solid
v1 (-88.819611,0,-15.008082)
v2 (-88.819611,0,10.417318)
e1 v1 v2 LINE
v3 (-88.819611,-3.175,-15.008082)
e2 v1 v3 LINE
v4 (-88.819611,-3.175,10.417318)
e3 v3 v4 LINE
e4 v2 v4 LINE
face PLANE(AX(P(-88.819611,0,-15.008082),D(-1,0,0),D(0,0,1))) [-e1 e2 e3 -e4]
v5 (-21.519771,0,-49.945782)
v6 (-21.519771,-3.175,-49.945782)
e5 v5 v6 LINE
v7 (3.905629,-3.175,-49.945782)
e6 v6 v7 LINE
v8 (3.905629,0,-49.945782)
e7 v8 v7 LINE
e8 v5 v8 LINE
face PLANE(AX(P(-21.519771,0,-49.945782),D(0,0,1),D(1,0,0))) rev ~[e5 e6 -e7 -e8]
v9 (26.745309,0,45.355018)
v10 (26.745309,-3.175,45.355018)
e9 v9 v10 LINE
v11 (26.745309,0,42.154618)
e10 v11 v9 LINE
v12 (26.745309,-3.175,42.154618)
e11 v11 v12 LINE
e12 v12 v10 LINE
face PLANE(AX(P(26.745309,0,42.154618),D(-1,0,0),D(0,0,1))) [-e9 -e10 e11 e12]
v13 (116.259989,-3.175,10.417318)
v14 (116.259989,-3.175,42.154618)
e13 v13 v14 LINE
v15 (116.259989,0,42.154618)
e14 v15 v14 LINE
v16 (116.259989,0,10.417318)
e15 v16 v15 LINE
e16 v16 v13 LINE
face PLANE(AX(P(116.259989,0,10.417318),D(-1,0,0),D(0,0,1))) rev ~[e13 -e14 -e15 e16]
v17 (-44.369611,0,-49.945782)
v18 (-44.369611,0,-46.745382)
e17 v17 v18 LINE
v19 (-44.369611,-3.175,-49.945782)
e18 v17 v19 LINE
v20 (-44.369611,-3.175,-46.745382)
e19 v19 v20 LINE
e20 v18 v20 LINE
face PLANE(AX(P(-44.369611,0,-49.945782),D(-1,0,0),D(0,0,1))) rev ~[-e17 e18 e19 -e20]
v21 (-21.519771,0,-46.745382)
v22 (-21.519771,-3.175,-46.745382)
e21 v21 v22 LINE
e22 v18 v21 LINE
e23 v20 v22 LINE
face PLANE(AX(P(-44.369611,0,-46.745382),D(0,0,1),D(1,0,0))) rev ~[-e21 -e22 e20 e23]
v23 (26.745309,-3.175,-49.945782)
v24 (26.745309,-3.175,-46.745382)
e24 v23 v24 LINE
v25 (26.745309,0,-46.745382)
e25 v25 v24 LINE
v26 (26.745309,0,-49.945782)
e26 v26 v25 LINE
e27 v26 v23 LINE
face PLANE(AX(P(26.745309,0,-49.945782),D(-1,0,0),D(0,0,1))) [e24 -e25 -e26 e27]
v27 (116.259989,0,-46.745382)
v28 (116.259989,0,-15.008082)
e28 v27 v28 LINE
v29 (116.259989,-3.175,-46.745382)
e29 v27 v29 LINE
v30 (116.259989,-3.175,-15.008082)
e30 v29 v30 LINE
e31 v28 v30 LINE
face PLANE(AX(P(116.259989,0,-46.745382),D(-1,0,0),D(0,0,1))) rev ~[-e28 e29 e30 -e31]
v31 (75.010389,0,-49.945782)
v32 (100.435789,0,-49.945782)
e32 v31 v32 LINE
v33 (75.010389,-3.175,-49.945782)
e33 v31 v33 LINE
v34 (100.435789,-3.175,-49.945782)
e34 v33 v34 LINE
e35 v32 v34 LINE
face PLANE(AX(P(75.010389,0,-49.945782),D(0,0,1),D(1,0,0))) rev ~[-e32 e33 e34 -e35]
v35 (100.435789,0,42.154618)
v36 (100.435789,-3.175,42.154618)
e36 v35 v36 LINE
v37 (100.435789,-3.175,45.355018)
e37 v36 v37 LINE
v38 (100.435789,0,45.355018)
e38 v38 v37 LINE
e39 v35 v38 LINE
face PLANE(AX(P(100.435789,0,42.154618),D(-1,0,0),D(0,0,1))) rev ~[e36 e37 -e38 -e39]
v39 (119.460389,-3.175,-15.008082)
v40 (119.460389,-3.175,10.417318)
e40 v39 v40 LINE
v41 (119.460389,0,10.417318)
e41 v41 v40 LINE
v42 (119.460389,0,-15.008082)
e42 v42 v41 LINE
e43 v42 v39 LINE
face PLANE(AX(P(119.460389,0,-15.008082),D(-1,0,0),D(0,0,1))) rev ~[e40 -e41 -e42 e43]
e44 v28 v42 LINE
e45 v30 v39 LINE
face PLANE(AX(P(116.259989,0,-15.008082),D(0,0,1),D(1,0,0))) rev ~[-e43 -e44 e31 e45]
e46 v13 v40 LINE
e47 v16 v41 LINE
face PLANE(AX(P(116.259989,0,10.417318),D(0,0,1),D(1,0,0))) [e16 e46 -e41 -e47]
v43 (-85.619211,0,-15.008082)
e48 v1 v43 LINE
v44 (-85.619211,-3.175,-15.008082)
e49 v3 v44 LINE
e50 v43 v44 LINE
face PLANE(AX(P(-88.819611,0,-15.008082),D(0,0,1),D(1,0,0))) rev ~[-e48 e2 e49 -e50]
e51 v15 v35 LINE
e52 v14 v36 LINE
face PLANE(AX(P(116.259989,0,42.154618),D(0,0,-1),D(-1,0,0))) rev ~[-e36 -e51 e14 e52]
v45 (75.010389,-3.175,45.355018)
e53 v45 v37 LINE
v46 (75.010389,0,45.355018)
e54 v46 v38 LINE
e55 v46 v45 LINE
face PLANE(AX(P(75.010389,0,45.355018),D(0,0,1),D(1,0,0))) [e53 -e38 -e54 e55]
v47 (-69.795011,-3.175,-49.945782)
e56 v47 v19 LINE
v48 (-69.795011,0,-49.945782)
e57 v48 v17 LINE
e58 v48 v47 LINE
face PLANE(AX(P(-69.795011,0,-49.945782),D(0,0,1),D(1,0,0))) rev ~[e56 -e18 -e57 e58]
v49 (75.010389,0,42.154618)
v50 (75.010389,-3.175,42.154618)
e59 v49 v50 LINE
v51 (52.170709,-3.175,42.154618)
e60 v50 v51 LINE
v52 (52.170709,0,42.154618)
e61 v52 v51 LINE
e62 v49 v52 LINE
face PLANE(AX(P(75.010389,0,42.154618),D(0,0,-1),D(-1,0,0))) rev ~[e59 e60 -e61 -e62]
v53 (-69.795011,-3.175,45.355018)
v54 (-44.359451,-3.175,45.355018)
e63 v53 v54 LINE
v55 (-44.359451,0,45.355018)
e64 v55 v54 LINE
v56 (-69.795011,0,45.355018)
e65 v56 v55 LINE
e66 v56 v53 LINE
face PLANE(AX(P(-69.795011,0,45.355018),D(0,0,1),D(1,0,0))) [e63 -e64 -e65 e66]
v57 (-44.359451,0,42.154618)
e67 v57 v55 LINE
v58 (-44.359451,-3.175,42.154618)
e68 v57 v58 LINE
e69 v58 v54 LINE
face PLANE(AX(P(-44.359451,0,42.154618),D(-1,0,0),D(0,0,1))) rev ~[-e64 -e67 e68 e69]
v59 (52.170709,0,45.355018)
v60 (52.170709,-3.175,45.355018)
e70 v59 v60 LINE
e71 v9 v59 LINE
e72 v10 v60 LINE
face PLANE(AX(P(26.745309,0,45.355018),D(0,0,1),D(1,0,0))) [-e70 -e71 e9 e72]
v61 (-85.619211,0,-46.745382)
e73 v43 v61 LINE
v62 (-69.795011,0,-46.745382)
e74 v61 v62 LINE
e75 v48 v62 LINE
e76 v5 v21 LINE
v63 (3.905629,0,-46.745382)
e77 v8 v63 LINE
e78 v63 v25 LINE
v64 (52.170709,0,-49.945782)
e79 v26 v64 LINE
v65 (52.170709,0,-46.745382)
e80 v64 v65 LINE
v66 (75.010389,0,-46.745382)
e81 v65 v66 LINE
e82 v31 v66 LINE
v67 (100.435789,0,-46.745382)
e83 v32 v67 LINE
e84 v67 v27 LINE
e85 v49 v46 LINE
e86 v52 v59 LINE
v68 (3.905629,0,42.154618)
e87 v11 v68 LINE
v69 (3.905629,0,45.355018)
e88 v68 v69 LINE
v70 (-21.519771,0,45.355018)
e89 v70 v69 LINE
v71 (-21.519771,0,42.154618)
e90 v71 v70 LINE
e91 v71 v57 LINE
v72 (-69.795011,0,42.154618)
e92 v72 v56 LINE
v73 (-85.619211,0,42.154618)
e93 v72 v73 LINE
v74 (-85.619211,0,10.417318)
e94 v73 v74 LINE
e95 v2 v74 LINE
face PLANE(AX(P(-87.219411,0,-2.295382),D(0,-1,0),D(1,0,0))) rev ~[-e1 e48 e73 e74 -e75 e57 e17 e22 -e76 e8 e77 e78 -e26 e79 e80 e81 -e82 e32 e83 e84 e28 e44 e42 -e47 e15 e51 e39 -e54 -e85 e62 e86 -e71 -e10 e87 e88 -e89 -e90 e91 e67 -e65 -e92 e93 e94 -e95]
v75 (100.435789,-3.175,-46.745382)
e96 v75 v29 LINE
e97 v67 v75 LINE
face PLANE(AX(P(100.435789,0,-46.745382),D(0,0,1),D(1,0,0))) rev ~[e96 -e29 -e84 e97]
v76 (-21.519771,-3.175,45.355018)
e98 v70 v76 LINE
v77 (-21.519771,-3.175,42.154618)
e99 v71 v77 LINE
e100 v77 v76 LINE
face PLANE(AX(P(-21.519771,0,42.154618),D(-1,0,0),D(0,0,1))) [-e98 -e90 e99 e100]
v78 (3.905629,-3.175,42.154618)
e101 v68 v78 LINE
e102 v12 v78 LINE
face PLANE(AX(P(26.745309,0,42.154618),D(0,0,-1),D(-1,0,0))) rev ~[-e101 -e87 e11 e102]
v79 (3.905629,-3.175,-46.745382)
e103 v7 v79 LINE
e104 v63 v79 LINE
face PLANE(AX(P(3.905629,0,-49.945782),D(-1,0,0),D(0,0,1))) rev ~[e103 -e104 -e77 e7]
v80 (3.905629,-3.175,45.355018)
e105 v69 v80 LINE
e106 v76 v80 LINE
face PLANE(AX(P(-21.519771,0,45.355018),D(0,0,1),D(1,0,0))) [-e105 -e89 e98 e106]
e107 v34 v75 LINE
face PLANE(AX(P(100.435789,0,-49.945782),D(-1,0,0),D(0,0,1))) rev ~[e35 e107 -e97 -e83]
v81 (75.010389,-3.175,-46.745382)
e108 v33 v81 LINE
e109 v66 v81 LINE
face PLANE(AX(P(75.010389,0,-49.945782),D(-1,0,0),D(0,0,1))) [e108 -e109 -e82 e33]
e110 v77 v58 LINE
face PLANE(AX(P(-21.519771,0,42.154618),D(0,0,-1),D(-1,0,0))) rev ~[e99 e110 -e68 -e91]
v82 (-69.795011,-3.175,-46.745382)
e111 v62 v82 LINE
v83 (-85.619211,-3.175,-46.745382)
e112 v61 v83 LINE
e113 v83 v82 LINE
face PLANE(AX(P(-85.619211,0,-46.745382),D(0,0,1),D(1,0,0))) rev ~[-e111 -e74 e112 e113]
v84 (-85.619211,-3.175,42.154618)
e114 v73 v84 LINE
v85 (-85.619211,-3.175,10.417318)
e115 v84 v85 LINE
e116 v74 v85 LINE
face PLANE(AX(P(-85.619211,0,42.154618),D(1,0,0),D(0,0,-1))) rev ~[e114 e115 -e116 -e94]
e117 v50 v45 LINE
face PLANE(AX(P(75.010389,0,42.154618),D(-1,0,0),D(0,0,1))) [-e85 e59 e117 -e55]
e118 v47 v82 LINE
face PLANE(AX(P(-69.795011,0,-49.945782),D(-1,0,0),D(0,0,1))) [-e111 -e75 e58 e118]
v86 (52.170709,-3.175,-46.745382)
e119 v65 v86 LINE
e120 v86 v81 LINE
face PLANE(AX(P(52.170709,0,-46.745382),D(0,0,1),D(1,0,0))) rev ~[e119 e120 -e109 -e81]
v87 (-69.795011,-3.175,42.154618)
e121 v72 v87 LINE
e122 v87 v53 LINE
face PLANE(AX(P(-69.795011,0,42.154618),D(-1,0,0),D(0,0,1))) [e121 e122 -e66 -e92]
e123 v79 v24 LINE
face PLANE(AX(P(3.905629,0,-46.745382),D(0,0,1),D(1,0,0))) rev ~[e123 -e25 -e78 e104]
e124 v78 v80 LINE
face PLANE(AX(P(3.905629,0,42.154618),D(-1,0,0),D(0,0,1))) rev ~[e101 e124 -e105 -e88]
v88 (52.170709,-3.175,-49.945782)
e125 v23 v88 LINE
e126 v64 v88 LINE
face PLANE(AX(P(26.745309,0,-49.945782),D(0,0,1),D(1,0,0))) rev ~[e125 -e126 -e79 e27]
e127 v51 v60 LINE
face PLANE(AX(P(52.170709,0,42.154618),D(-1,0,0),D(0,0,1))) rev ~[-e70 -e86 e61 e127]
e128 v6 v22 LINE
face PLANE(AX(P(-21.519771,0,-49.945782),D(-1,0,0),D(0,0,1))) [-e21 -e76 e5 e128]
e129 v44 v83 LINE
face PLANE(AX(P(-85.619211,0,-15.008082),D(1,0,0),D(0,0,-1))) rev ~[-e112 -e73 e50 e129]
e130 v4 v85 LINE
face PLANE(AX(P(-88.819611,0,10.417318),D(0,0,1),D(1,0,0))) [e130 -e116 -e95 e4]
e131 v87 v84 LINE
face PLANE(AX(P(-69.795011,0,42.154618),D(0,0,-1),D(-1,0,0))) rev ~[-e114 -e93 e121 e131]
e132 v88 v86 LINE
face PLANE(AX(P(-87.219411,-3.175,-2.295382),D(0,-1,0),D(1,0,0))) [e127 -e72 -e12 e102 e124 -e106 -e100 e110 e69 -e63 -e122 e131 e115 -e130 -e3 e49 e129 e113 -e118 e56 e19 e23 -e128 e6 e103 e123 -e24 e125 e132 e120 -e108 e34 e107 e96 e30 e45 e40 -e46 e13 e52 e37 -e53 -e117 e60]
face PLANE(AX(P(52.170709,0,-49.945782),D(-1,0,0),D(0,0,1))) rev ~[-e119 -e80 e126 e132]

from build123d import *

# Parameters (mm, degrees)
F0_W     = 3.2004
F0_H     = 25.4254
F0_W_2   = 25.43556
F0_H_2   = 3.2004
F0_W_3   = 25.4254
F1_DEPTH = 3.175


with BuildPart() as f1:
    # F0 (on Front) → F1 (new body)
    with BuildSketch(Plane.XZ):
        with Locations((-87.219411, -2.295382)):
            Rectangle(F0_W, F0_H)
        with Locations((-57.077231, 43.754818)):
            Rectangle(F0_W_2, F0_H_2)
        Polygon((-69.795011, 42.154618), (-85.619211, 42.154618), (-85.619211, 10.417318), (-85.619211, -15.008082), (-85.619211, -46.745382), (-69.795011, -46.745382), (-44.369611, -46.745382), (-21.519771, -46.745382), (3.905629, -46.745382), (26.745309, -46.745382), (52.170709, -46.745382), (75.010389, -46.745382), (100.435789, -46.745382), (116.259989, -46.745382), (116.259989, -15.008082), (116.259989, 10.417318), (116.259989, 42.154618), (100.435789, 42.154618), (75.010389, 42.154618), (52.170709, 42.154618), (26.745309, 42.154618), (3.905629, 42.154618), (-21.519771, 42.154618), (-44.359451, 42.154618), align=None)
        with Locations((39.458009, 43.754818)):
            Rectangle(F0_W_3, F0_H_2)
        with Locations((87.723089, 43.754818)):
            Rectangle(F0_W_3, F0_H_2)
        with Locations((117.860189, -2.295382)):
            Rectangle(F0_W, F0_H)
        with Locations((87.723089, -48.345582)):
            Rectangle(F0_W_3, F0_H_2)
        with Locations((39.458009, -48.345582)):
            Rectangle(F0_W_3, F0_H_2)
        with Locations((-8.807071, -48.345582)):
            Rectangle(F0_W_3, F0_H_2)
        with Locations((-57.082311, -48.345582)):
            Rectangle(F0_W_3, F0_H_2)
        with Locations((-8.807071, 43.754818)):
            Rectangle(F0_W_3, F0_H_2)
    extrude(amount=F1_DEPTH)


solid = f1.part
